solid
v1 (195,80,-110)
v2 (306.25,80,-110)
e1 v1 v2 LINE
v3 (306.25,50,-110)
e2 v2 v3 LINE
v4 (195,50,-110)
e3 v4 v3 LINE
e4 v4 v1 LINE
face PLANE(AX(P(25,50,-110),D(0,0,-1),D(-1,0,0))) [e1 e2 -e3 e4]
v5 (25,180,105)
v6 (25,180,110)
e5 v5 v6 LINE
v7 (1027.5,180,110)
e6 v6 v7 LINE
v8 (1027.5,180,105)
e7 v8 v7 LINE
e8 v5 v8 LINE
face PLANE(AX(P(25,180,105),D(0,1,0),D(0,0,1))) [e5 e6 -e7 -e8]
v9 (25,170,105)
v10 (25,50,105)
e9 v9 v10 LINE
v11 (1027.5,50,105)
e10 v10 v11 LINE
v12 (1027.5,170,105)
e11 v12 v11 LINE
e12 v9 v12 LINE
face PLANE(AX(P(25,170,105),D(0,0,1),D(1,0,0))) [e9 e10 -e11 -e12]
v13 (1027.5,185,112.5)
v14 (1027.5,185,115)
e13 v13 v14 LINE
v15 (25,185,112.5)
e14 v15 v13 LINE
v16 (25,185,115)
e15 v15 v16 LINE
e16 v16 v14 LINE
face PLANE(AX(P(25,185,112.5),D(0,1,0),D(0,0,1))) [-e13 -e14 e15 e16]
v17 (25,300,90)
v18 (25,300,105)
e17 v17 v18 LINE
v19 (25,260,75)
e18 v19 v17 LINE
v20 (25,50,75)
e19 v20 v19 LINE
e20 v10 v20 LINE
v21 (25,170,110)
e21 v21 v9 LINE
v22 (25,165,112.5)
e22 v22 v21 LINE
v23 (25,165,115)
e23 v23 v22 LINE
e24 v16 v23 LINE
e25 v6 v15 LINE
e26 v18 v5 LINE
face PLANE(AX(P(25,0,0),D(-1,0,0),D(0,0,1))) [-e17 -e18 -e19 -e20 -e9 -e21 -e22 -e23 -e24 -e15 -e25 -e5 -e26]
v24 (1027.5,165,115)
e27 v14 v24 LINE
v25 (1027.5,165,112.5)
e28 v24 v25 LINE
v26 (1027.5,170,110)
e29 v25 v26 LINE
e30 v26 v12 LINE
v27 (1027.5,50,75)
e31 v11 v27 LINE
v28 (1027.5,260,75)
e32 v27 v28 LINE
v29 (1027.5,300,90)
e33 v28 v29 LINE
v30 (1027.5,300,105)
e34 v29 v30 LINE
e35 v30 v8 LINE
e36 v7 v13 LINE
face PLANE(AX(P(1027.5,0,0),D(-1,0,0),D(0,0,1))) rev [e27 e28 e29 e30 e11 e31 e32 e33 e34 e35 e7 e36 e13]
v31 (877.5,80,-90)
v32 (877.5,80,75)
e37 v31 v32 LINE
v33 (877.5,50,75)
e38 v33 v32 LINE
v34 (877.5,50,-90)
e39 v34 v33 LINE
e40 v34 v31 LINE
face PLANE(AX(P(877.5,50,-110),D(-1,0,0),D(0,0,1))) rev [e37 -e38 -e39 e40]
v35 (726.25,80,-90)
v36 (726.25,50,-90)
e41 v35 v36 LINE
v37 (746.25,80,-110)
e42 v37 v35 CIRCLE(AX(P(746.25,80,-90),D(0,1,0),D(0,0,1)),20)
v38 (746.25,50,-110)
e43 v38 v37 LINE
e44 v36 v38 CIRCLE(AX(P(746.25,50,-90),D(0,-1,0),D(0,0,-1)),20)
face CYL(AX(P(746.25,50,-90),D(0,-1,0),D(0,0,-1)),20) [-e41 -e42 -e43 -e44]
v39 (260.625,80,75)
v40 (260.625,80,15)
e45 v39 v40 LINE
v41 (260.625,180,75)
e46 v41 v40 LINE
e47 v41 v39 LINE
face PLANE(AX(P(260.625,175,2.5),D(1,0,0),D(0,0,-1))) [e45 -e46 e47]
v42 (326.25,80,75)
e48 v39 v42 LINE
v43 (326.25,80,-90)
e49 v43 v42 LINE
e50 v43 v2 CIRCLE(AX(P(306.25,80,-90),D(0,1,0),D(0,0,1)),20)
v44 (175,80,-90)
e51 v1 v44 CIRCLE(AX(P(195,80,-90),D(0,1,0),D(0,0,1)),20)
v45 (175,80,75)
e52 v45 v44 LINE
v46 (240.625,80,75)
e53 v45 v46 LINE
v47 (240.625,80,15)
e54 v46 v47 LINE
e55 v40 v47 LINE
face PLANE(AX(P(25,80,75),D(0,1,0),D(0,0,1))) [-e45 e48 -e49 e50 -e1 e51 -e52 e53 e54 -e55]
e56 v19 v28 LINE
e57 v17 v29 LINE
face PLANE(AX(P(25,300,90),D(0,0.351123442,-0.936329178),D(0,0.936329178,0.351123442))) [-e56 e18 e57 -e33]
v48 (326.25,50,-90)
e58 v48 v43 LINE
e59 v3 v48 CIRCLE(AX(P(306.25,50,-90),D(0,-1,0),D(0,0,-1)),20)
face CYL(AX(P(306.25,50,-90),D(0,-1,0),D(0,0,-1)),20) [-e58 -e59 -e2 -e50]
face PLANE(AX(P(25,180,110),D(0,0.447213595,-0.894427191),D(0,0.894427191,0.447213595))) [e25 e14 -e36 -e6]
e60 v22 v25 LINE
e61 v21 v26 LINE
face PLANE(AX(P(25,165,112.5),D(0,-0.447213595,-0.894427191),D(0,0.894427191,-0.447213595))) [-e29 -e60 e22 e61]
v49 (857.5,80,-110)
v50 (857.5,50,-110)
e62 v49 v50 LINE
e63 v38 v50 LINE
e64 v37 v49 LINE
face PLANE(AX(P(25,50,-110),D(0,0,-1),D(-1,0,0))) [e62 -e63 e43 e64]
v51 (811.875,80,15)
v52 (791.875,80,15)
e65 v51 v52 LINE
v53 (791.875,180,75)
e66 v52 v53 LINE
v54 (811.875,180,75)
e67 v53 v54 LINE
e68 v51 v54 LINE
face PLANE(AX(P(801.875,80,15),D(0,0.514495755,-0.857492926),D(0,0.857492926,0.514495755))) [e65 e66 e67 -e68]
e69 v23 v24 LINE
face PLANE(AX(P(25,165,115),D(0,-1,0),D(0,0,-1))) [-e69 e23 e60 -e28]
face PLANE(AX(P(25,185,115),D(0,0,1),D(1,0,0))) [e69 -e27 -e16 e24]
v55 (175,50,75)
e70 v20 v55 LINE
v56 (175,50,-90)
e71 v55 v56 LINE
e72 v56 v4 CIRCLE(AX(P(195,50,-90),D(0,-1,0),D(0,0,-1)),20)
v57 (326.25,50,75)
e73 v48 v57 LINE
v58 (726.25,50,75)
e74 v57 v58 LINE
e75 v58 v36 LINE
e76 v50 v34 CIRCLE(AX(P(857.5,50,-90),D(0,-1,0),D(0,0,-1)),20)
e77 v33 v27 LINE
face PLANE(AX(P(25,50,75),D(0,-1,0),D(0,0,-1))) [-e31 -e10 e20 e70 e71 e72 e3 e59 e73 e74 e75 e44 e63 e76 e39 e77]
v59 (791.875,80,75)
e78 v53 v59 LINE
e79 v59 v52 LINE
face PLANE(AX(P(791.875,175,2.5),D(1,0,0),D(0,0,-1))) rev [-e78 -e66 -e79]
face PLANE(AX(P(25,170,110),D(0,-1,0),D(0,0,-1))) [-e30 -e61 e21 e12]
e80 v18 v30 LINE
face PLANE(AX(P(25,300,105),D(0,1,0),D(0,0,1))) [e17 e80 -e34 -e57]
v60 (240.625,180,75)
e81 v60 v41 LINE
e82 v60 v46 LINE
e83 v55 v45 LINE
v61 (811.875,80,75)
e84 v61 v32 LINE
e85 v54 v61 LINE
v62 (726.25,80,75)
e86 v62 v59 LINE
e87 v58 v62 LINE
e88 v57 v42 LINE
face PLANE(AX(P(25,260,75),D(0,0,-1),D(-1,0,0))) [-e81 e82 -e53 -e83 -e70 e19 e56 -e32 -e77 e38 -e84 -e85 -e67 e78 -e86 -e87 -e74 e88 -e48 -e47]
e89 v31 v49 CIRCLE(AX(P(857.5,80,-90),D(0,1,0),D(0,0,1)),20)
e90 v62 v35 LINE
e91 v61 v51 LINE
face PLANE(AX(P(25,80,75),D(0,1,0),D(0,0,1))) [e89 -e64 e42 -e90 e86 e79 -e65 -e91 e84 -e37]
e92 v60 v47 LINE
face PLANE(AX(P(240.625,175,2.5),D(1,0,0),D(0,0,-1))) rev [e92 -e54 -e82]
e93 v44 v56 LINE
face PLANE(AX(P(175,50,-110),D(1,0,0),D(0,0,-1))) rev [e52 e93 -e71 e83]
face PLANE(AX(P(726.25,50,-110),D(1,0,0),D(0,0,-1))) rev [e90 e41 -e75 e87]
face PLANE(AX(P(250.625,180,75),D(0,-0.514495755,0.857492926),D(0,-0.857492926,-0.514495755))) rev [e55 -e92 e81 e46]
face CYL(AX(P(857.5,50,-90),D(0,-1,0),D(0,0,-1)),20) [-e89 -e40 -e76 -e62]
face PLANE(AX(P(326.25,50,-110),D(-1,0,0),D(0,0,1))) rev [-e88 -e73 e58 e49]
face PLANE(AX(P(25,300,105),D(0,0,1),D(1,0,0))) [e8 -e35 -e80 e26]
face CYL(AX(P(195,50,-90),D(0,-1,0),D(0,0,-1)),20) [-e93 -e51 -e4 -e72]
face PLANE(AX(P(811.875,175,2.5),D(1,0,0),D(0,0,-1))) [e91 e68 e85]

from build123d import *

# Parameters (mm, degrees)
EXTRUDE_1_DEPTH          = 1002.5
CUT_EXTRUDE_1_DEPTH      = 1058.062557278
CUT_EXTRUDE_1_DEPTH_BACK = 1058.062557278
SKETCH_2_W               = 400
SKETCH_2_H               = 185
CUT_EXTRUDE_2_DEPTH      = 1058.062557278
CUT_EXTRUDE_2_DEPTH_BACK = 1058.062557278
SKETCH_3_W               = 150
SKETCH_3_H               = 185
RIB_1_REACH              = 842.69
SKETCH_4_WALL_W          = 1799.999144386
SKETCH_4_WALL_H          = 20
RIB_2_REACH              = 842.69
SKETCH_5_WALL_W          = 1799.999144386
SKETCH_5_WALL_H          = 20
FILLET_2_R               = 20


with BuildPart() as part:
    # 草图1 → 凸台-拉伸1 (new body)
    with BuildSketch(Plane(origin=(1027.5, 0, 0), x_dir=(0, 0, -1), z_dir=(1, 0, 0))):
        Polygon((-105, 300), (-105, 180), (-110, 180), (-112.5, 185), (-115, 185), (-115, 165), (-112.5, 165), (-110, 170), (-105, 170), (-105, 50), (-75, 50), (110, 50), (110, 80), (-75, 80), (-75, 260), (-90, 300), align=None)
    extrude(amount=-EXTRUDE_1_DEPTH)

    # 草图2 → 切除-拉伸1 (cut, two sides: drawn at the far end of the back side and taken through both)
    with BuildSketch(Plane(origin=(0, 80, 0), x_dir=(1, 0, 0), z_dir=(0, 1, 0)).offset(-CUT_EXTRUDE_1_DEPTH_BACK)):
        with Locations((526.25, 17.5)):
            Rectangle(SKETCH_2_W, SKETCH_2_H)
    extrude(amount=CUT_EXTRUDE_1_DEPTH + CUT_EXTRUDE_1_DEPTH_BACK, mode=Mode.SUBTRACT)

    # 草图3 → 切除-拉伸2 (cut, two sides: drawn at the far end of the back side and taken through both)
    with BuildSketch(Plane(origin=(0, 80, 0), x_dir=(1, 0, 0), z_dir=(0, 1, 0)).offset(-CUT_EXTRUDE_2_DEPTH_BACK)):
        with Locations((100, 17.5)):
            Rectangle(SKETCH_3_W, SKETCH_3_H)
        with Locations((952.5, 17.5)):
            Rectangle(SKETCH_3_W, SKETCH_3_H)
    extrude(amount=CUT_EXTRUDE_2_DEPTH + CUT_EXTRUDE_2_DEPTH_BACK, mode=Mode.SUBTRACT)

    # 草图4 wall → 筋1 (add, up to next)
    with BuildSketch(Plane(origin=(801.875, 130, 45), x_dir=(0, 0.857492925713, 0.514495755428), z_dir=(0, -0.514495755428, 0.857492925713)), mode=Mode.PRIVATE) as rib_1_sk1:
        Rectangle(SKETCH_4_WALL_W, SKETCH_4_WALL_H)
    rib_1_tool1 = extrude(rib_1_sk1.sketch, amount=RIB_1_REACH, mode=Mode.PRIVATE) - part.part
    add(rib_1_tool1.solids().sort_by_distance((801.875, 130, 45))[0])

    # 草图5 wall → 筋2 (add, up to next)
    with BuildSketch(Plane(origin=(250.625, 130, 45), x_dir=(0, -0.857492925713, -0.514495755428), z_dir=(0, 0.514495755428, -0.857492925713)), mode=Mode.PRIVATE) as rib_2_sk1:
        Rectangle(SKETCH_5_WALL_W, SKETCH_5_WALL_H)
    rib_2_tool1 = extrude(rib_2_sk1.sketch, amount=-RIB_2_REACH, mode=Mode.PRIVATE) - part.part
    add(rib_2_tool1.solids().sort_by_distance((250.625, 130, 45))[0])

    # 圆角2
    fillet_2_edges = [part.edges().sort_by_distance(p)[0] for p in [
        (326.25, 65, -110),
        (726.25, 65, -110),
        (175, 65, -110),
        (877.5, 65, -110),
    ]]
    fillet(fillet_2_edges, radius=FILLET_2_R)


solid = part.part
